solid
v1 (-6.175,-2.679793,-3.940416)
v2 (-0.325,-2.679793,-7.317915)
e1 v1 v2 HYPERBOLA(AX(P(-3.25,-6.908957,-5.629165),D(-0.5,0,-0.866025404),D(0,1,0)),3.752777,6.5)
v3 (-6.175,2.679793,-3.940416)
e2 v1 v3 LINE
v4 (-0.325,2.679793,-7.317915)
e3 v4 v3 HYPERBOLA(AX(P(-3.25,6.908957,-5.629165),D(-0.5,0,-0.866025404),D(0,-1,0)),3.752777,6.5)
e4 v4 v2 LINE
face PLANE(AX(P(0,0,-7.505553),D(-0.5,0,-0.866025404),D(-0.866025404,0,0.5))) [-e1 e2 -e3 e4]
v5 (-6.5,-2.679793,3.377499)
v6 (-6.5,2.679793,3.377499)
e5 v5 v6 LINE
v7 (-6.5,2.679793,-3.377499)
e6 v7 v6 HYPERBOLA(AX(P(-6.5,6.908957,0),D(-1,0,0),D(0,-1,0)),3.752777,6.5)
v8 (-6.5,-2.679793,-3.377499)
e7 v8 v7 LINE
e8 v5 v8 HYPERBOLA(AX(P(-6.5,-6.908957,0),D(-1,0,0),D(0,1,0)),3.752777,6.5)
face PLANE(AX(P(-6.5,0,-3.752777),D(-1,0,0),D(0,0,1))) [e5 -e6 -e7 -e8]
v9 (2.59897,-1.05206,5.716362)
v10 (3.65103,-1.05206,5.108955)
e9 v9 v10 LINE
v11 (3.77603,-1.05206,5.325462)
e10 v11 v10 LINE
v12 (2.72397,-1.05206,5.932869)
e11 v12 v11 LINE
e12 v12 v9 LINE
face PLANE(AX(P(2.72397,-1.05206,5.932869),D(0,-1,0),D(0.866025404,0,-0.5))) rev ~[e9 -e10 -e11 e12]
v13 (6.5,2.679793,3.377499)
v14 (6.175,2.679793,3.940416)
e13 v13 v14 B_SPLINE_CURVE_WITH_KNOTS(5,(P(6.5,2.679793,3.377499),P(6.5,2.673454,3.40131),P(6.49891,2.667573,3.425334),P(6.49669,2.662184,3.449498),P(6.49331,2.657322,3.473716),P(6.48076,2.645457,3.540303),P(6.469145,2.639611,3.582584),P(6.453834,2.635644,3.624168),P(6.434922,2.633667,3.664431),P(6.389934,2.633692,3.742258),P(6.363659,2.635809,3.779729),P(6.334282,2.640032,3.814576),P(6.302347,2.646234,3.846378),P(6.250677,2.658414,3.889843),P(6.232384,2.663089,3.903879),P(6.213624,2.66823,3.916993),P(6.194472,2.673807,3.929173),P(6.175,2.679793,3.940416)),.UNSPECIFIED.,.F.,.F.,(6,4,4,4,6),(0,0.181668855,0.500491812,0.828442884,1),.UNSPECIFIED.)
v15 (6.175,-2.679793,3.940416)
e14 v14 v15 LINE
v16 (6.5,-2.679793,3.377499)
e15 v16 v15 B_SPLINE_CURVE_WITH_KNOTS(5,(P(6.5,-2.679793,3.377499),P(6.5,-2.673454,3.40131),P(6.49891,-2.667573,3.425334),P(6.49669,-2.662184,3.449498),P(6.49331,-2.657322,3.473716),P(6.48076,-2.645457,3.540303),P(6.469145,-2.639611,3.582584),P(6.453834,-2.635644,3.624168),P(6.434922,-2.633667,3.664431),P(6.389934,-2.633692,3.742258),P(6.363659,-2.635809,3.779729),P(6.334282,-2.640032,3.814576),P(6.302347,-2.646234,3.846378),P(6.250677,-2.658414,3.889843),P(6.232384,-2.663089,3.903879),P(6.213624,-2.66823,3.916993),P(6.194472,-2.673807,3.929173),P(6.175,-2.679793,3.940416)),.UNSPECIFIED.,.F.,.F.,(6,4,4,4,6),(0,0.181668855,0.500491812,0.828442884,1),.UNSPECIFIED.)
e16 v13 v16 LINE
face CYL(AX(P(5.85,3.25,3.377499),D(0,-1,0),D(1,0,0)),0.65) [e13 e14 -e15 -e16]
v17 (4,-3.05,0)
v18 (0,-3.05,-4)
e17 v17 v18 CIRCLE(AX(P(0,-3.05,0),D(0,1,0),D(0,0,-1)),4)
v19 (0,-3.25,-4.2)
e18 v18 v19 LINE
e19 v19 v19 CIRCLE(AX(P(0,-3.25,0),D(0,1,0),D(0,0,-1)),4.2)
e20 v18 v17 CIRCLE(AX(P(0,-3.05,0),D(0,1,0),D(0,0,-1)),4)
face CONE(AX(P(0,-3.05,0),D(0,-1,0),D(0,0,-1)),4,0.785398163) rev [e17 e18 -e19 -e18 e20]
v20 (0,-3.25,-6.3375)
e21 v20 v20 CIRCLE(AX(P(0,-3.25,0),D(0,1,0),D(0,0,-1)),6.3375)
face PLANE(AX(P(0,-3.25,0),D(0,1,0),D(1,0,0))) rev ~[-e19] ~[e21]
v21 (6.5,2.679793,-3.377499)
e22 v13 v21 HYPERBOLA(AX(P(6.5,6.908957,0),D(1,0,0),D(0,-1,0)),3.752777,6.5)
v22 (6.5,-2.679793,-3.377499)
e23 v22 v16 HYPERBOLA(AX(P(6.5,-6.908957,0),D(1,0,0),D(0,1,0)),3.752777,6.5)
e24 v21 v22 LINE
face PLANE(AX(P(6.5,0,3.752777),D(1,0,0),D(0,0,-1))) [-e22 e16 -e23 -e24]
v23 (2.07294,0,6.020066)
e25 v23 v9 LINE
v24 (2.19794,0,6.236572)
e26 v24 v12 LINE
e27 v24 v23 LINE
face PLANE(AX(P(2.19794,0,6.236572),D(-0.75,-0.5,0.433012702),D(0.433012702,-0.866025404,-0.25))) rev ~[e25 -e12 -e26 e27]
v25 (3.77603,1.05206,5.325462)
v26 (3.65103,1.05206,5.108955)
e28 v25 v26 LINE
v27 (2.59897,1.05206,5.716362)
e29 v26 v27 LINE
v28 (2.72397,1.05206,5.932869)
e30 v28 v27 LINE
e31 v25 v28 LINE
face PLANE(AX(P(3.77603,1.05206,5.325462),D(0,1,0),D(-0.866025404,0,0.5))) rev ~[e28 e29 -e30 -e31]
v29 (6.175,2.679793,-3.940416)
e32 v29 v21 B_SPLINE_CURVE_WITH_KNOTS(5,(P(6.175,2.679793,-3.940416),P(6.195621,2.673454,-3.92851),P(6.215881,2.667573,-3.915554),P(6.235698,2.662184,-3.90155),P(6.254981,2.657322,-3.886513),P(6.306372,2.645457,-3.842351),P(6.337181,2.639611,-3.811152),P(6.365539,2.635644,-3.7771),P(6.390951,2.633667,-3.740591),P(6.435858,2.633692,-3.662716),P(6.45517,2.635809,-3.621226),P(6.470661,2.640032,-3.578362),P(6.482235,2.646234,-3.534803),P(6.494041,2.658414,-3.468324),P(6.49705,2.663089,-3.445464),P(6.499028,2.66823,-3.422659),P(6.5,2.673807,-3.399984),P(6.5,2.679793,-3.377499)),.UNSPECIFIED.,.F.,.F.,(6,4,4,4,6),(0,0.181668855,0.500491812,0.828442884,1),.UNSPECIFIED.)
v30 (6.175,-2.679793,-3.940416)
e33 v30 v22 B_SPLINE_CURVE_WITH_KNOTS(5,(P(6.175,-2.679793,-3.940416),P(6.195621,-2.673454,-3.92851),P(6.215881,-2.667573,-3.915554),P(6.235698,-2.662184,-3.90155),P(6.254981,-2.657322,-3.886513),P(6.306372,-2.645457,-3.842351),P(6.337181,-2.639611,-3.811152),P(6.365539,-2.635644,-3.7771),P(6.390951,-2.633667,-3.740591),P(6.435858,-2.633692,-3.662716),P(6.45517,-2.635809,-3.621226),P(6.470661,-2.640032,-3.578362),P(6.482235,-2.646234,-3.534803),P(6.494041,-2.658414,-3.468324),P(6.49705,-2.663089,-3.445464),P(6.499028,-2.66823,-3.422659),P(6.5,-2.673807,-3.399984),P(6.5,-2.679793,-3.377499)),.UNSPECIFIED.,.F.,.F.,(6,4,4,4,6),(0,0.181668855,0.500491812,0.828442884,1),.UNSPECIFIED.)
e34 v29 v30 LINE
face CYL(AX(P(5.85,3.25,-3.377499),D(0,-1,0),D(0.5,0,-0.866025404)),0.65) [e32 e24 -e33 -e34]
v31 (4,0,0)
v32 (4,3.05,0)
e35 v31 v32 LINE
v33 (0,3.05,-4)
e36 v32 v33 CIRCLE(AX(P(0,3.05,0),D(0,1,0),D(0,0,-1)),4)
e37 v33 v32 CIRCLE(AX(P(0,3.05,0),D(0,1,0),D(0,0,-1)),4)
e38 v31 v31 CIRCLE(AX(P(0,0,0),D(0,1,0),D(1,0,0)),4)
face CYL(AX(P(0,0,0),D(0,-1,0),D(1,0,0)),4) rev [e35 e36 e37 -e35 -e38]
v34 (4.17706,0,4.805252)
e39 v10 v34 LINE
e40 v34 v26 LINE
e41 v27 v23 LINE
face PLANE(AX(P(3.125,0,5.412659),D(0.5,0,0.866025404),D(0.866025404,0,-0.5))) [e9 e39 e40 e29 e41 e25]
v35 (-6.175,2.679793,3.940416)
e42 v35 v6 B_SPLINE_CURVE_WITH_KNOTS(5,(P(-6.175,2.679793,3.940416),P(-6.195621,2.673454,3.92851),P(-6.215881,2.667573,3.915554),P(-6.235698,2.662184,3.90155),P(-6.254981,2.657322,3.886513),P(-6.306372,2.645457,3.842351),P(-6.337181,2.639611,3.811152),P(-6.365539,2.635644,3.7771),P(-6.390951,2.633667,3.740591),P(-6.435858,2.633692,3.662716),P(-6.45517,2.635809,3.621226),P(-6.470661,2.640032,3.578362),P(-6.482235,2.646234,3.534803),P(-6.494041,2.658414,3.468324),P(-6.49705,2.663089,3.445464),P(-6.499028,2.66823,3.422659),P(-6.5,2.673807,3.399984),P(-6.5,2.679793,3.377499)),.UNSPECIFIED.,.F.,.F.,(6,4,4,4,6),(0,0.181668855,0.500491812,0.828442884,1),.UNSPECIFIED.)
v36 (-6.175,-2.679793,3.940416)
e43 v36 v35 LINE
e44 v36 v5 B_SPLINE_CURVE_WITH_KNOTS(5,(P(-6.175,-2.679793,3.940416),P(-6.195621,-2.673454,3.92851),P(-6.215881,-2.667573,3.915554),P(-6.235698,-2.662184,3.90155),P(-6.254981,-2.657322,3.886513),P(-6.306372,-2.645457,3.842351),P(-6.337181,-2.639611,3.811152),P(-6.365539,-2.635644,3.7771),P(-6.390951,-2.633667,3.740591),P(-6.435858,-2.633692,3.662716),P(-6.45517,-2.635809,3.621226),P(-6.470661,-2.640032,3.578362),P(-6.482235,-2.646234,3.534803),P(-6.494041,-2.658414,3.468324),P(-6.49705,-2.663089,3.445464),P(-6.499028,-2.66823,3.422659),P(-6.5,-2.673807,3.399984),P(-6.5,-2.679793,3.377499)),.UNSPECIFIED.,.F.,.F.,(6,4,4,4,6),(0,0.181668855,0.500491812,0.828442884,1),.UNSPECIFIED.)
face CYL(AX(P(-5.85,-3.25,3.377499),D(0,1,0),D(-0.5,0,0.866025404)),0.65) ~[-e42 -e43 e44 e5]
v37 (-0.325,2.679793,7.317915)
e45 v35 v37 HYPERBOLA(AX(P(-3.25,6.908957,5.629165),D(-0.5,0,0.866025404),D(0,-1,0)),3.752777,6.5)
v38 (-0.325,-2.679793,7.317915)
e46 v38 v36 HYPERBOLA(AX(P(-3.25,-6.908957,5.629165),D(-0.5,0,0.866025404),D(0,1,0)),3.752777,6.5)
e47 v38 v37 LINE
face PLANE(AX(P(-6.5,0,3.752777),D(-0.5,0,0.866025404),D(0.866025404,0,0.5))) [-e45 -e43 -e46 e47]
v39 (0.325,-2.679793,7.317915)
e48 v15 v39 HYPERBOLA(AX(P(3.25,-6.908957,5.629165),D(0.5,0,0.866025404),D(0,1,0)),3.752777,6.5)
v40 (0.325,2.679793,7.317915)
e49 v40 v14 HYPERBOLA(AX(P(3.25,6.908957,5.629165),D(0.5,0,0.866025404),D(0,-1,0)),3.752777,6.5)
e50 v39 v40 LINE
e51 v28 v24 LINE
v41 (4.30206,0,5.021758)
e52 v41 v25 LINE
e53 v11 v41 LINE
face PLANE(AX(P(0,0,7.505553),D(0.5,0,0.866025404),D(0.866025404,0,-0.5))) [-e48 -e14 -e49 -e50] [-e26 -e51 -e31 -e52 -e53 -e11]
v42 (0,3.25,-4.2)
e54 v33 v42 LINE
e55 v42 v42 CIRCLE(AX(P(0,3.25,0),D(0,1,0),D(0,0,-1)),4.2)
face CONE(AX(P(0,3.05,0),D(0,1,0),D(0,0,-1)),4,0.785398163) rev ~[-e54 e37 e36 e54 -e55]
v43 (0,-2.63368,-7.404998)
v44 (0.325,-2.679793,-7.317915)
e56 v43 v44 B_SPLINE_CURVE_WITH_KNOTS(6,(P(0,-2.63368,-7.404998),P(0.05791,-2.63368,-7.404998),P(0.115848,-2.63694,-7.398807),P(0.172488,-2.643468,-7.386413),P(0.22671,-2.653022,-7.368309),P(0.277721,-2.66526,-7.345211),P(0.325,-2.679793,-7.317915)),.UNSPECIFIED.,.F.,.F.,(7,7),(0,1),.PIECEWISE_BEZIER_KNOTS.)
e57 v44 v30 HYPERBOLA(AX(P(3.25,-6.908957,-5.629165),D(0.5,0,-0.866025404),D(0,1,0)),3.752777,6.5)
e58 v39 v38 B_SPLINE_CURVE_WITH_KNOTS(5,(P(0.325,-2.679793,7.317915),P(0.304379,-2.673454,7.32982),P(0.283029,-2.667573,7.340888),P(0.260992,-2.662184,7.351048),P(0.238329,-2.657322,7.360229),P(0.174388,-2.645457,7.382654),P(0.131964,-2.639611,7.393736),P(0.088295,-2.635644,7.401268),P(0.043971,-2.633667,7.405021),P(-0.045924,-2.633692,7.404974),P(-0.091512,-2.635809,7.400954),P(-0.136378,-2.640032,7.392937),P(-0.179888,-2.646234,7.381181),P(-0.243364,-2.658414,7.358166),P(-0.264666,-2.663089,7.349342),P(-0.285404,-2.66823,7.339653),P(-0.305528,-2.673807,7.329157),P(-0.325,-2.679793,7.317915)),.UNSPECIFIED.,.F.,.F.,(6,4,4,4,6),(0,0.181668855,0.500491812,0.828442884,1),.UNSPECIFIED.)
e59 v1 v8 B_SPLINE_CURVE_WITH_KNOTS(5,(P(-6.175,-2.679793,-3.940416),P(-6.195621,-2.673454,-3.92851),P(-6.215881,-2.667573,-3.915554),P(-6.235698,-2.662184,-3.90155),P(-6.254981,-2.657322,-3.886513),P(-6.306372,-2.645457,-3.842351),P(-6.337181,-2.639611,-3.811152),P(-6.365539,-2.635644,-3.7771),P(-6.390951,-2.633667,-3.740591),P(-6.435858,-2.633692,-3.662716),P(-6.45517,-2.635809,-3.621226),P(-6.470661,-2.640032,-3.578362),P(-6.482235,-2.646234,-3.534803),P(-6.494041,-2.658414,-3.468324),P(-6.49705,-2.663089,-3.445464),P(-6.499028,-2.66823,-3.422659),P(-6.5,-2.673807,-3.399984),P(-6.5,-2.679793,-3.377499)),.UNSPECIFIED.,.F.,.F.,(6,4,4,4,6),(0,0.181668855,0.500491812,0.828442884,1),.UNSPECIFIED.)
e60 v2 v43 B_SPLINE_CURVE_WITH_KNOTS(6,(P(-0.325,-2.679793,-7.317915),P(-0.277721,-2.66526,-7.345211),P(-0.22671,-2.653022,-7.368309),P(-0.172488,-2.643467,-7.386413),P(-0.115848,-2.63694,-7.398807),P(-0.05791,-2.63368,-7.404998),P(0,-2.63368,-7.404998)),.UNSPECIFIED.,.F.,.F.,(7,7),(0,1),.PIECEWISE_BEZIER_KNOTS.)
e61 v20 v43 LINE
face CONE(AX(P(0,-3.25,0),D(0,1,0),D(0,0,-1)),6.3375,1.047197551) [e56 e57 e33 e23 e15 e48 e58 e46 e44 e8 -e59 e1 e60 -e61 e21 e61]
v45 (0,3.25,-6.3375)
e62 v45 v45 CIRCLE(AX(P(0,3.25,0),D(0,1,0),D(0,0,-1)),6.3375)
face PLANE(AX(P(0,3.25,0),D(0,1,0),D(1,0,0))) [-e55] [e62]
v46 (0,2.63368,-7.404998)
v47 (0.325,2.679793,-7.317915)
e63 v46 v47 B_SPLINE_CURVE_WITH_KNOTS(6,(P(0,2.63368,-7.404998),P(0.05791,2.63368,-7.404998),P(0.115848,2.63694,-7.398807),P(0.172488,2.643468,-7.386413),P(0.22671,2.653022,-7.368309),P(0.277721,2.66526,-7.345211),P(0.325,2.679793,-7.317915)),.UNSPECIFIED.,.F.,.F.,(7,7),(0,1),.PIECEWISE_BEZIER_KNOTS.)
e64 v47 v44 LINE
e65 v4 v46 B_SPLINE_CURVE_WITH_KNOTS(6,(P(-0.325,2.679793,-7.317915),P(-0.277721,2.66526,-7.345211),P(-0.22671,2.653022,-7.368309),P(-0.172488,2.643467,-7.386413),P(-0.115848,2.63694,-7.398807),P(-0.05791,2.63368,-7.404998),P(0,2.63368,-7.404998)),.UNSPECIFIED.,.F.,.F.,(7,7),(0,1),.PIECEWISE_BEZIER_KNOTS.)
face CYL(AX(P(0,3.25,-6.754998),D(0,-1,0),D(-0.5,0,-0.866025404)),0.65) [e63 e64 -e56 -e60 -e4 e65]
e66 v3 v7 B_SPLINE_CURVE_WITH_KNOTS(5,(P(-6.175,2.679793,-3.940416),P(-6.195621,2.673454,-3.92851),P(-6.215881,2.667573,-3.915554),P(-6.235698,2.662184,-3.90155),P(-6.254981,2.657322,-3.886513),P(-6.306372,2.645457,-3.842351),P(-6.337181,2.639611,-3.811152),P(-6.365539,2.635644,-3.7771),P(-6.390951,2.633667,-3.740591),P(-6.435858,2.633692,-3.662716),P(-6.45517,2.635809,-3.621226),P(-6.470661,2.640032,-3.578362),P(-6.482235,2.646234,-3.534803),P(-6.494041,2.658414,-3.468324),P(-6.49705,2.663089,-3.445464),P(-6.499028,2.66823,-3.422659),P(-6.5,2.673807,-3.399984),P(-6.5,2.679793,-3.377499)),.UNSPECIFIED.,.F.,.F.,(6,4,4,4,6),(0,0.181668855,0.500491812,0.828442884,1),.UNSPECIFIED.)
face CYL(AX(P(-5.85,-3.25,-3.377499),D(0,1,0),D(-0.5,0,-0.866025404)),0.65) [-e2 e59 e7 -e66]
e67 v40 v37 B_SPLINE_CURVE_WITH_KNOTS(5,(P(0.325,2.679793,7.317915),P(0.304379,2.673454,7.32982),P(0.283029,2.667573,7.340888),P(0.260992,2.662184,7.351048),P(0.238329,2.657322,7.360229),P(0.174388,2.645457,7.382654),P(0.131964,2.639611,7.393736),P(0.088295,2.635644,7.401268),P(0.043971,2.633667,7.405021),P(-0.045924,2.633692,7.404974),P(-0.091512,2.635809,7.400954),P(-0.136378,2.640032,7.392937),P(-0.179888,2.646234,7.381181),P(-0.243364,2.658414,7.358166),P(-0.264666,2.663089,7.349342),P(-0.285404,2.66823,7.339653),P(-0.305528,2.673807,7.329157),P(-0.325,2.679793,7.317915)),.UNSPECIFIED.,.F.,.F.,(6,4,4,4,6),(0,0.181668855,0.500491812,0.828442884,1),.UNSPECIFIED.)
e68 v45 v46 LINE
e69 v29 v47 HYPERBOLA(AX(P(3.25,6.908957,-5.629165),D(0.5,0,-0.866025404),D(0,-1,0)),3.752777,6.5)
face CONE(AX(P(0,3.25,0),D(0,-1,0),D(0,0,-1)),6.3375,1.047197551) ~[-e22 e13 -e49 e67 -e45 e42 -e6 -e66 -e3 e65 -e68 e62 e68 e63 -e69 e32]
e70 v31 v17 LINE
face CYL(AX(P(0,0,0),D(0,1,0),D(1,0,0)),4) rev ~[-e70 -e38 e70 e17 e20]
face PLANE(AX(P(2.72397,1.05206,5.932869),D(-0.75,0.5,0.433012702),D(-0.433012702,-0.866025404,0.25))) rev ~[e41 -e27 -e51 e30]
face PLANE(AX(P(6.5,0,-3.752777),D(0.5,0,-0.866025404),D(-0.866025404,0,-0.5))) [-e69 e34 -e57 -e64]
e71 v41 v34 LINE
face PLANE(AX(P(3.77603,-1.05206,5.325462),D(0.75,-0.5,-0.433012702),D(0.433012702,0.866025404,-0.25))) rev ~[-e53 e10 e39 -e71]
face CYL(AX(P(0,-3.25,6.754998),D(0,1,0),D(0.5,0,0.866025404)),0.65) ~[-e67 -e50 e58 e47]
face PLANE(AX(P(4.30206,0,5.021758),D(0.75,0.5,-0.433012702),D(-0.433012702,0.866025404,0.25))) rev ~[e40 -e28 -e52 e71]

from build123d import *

# Parameters (mm, degrees)
SKETCH2_R                = 4
BOSS_EXTRUDE1_DEPTH      = 3.25
BOSS_EXTRUDE1_DEPTH_BACK = 3.25
FILLET1_R                = 0.65
CUT_EXTRUDE2_DEPTH       = 0.25


with BuildPart() as part:
    # Sketch2 → Boss-Extrude1 (new body, two sides)
    with BuildSketch(Plane(origin=(0, 0, 0), x_dir=(1, 0, 0), z_dir=(0, 1, 0))) as boss_extrude1_sk:
        Polygon((0, 7.505553499), (-6.5, 3.75277675), (-6.5, -3.75277675), (0, -7.505553499), (6.5, -3.75277675), (6.5, 3.75277675), align=None)
        Circle(SKETCH2_R, mode=Mode.SUBTRACT)
    extrude(amount=BOSS_EXTRUDE1_DEPTH)
    extrude(boss_extrude1_sk.sketch, amount=-BOSS_EXTRUDE1_DEPTH_BACK)

    # Fillet1
    fillet1_edges = [part.edges().sort_by_distance(p)[0] for p in [
        (6.5, 0, -3.75277675),
        (6.5, 0, 3.75277675),
        (0, 0, 7.505553499),
        (-6.5, 0, 3.75277675),
        (-6.5, 0, -3.75277675),
        (0, 0, -7.505553499),
    ]]
    fillet(fillet1_edges, radius=FILLET1_R)

    # Sketch3 → Cut-Revolve2 (revolve, cut)
    with BuildSketch(Plane(origin=(0, 0, 0), x_dir=(0, 0, -1), z_dir=(1, 0, 0))):
        Polygon((6.3375, -3.25), (7.505553499, -2.575623998), (7.505553499, -3.25), align=None)
        Polygon((4, 3.25), (4, 3.05), (4.2, 3.25), align=None)
        Polygon((4, -3.25), (4, -3.05), (4.2, -3.25), align=None)
        Polygon((6.3375, 3.25), (7.505553499, 2.575623998), (7.505553499, 3.25), align=None)
    revolve(axis=Axis((0, -3.25, 0), (0, 1, 0)), mode=Mode.SUBTRACT)

    # Sketch12 → Cut-Extrude2 (cut)
    with BuildSketch(Plane(origin=(3.25, 0, 5.629165125), x_dir=(0.866025404, 0, -0.5), z_dir=(0.5, 0, 0.866025404))):
        Polygon((-1.214814445, 0), (-0.607407223, -1.05206017), (0.607407223, -1.05206017), (1.214814445, 0), (0.607407223, 1.05206017), (-0.607407223, 1.05206017), align=None)
    extrude(amount=-CUT_EXTRUDE2_DEPTH, mode=Mode.SUBTRACT)


solid = part.part
